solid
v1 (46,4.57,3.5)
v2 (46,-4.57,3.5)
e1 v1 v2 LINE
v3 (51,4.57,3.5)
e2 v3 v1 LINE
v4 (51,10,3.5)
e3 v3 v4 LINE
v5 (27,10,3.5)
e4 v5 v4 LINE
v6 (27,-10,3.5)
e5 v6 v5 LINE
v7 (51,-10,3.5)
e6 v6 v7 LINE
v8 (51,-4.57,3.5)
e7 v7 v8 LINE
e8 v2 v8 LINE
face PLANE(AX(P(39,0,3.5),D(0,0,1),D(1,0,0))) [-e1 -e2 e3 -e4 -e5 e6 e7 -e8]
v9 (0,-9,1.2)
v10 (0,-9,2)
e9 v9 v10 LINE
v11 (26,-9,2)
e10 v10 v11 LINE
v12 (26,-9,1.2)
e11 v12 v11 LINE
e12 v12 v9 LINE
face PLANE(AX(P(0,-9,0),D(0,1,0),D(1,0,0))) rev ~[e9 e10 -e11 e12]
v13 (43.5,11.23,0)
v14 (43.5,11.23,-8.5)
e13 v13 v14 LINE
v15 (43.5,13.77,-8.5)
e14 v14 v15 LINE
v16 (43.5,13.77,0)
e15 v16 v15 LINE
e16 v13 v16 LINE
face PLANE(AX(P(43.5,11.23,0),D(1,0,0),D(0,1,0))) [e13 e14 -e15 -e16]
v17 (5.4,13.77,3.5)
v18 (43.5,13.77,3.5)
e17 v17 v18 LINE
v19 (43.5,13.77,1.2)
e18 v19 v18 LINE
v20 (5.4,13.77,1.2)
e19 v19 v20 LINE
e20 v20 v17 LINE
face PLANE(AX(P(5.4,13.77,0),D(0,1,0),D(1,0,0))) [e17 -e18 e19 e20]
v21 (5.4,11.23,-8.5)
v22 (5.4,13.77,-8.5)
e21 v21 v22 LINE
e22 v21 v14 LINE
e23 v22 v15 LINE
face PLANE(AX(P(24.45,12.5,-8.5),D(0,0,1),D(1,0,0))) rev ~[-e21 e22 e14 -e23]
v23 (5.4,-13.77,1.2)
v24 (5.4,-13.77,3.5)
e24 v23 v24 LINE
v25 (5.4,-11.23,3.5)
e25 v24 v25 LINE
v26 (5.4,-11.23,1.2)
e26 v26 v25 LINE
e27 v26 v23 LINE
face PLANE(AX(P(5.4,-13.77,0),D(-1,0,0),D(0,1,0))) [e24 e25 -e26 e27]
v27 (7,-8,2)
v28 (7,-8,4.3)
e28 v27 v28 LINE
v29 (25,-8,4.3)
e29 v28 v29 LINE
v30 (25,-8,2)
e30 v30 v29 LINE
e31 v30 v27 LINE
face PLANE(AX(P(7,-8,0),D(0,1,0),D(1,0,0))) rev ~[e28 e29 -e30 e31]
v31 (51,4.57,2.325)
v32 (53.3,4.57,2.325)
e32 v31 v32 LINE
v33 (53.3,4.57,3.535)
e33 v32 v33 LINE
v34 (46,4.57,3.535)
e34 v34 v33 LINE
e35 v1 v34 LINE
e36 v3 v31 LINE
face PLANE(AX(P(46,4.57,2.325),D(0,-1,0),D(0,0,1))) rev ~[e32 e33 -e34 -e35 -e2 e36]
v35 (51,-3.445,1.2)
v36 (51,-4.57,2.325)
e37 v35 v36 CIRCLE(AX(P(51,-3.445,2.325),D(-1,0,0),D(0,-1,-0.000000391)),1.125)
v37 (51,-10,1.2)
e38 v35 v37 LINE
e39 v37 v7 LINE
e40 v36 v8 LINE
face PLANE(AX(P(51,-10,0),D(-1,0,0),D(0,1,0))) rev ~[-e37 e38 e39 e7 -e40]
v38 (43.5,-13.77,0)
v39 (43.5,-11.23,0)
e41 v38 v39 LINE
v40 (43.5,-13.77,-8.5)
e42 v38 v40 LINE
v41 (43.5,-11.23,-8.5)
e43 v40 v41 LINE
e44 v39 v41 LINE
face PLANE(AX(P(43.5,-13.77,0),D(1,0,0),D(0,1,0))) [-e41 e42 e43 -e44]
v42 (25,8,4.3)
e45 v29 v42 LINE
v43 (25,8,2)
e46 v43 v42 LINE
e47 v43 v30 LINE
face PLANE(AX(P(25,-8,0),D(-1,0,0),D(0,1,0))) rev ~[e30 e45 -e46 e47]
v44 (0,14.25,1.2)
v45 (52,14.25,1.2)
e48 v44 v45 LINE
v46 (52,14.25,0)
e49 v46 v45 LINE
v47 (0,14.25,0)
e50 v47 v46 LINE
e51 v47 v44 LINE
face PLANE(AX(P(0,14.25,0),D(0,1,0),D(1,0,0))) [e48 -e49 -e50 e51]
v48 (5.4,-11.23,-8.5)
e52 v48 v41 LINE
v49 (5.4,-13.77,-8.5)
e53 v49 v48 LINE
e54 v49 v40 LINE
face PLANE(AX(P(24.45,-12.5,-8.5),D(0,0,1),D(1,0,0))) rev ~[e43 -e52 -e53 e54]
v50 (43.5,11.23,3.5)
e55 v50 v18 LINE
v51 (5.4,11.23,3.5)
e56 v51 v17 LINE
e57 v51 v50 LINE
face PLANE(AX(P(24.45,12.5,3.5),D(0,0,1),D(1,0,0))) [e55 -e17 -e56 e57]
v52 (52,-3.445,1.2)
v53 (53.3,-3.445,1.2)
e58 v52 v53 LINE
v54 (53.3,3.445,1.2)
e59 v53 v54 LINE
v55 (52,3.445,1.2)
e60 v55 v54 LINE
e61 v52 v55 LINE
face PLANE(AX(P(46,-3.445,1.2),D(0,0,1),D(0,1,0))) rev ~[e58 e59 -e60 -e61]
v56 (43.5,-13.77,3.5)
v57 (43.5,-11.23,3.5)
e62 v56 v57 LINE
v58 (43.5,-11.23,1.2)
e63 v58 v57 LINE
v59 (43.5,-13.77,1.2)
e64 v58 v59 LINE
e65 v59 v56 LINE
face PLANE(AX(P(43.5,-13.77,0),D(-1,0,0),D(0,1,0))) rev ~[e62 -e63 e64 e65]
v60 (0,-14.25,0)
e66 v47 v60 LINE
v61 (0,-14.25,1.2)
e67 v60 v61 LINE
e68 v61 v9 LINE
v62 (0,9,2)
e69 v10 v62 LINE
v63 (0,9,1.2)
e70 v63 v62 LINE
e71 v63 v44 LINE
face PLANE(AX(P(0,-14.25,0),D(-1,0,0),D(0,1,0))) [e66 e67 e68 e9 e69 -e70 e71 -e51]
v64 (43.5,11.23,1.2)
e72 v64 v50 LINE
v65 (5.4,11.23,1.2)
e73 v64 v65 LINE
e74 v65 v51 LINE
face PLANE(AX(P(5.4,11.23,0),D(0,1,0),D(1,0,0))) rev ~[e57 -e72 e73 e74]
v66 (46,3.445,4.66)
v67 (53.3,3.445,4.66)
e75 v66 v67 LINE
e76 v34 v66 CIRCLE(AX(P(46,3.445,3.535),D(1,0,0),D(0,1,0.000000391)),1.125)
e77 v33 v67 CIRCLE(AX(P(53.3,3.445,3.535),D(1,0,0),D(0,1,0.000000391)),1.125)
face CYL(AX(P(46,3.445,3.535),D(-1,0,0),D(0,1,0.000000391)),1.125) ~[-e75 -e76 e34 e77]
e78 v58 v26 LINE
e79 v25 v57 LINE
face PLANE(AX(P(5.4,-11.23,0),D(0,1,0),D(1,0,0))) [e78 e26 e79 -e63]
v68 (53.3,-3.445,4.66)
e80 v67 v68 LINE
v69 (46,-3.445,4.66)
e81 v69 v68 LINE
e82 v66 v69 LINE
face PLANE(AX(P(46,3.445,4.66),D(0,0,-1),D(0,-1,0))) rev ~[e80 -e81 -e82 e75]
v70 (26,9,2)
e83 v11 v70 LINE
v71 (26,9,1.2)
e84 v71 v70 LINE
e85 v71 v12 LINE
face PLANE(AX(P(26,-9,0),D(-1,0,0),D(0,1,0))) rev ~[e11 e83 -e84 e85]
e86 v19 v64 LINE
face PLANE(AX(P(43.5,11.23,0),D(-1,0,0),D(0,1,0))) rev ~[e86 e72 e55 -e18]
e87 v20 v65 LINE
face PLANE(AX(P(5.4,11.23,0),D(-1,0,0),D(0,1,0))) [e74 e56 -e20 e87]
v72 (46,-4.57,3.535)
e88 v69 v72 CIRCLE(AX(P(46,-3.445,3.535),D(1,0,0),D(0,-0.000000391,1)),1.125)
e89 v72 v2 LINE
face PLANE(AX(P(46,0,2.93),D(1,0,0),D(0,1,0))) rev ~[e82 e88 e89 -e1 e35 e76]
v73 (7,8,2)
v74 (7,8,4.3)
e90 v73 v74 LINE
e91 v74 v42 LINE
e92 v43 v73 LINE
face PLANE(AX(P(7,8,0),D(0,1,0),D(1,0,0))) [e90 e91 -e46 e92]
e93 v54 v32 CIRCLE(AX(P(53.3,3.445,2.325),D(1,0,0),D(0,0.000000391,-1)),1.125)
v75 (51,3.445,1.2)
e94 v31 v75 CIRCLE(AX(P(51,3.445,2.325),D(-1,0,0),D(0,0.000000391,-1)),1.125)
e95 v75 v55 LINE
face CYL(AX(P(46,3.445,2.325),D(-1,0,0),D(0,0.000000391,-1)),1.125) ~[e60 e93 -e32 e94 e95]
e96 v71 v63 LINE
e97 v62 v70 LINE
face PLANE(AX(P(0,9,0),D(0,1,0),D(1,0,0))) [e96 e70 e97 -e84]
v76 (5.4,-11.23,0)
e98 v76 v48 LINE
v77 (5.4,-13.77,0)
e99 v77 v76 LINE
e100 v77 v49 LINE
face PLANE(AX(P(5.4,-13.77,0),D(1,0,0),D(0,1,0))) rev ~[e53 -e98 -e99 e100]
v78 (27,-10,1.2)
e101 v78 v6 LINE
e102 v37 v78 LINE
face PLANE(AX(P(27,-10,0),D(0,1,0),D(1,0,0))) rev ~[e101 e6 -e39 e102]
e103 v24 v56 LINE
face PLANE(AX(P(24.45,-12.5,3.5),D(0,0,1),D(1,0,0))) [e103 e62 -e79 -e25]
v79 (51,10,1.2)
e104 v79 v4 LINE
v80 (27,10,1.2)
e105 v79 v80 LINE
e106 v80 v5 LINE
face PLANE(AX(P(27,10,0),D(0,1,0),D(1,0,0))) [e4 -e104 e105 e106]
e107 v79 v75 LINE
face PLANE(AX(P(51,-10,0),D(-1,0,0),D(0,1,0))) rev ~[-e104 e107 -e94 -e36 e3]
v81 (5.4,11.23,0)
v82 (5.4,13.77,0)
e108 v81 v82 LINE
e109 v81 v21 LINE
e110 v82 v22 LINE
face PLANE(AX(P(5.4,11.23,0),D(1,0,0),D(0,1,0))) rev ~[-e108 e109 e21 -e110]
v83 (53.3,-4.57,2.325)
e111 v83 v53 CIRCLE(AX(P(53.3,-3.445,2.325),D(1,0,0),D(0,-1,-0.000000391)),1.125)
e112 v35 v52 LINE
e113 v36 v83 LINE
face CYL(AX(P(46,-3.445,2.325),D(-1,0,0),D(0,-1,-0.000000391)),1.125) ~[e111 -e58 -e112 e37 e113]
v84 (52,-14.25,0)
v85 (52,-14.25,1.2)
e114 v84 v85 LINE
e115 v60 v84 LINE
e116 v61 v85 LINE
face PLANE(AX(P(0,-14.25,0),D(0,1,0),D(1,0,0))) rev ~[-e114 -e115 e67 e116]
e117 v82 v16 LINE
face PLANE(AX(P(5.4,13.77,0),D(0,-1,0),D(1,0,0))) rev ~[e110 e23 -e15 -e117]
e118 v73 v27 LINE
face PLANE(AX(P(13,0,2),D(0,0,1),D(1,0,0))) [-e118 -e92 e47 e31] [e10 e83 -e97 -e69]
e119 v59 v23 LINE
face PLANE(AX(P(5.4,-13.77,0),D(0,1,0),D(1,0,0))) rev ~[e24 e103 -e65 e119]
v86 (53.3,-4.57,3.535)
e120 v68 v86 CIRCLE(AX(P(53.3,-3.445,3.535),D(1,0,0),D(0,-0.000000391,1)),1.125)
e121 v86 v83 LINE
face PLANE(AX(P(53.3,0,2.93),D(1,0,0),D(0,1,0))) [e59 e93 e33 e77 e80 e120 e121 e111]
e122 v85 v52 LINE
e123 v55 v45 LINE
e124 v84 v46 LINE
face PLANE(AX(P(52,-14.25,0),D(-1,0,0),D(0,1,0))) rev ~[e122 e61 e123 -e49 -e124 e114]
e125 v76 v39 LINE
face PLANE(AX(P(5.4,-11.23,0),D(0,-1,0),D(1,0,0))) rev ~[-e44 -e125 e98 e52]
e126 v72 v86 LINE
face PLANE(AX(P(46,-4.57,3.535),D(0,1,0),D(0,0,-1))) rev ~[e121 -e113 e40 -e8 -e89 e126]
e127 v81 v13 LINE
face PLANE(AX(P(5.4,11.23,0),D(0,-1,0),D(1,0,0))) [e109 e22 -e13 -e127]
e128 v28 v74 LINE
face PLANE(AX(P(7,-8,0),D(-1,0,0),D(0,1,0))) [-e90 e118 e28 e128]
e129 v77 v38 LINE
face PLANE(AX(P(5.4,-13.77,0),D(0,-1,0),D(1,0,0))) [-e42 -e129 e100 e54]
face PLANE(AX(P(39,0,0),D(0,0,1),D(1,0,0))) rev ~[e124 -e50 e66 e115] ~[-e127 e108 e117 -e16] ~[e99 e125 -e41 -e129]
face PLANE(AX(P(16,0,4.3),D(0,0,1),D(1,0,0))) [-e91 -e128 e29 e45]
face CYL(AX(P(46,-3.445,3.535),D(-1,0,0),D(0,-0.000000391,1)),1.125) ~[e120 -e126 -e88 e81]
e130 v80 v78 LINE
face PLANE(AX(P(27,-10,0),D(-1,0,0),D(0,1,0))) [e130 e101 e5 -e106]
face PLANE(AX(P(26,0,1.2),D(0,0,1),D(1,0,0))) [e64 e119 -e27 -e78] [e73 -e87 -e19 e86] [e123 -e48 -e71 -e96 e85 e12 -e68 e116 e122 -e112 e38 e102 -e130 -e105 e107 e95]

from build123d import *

# Parameters (mm, degrees)
SKETCH016_W       = 52
SKETCH016_H       = 28.5
PAD001_DEPTH      = 1.2
SKETCH017_W       = 26
SKETCH017_H       = 18
PAD003_DEPTH      = 2
SKETCH018_W       = 18
SKETCH018_H       = 16
PAD029_DEPTH      = 4.3
PAD030_DEPTH      = 7.3
SKETCH019_W       = 24
SKETCH019_H       = 20
PAD006_DEPTH      = 3.5
SKETCH020_W       = 38.1
SKETCH020_H       = 2.54
PAD031_DEPTH      = 8.5
PAD031_DEPTH_BACK = 3.5
SKETCH021_W       = 0.64
SKETCH021_H       = 0.64
PAD032_DEPTH      = 8.5


with BuildPart() as part:
    # Sketch016 → Pad001 (new body)
    with BuildSketch(Plane.XY):
        with Locations((26, 0)):
            Rectangle(SKETCH016_W, SKETCH016_H)
    extrude(amount=PAD001_DEPTH)

    # Sketch017 → Pad003 (join)
    with BuildSketch(Plane.XY):
        with Locations((13, 0)):
            Rectangle(SKETCH017_W, SKETCH017_H)
    extrude(amount=PAD003_DEPTH)

    # Sketch018 → Pad029 (join)
    with BuildSketch(Plane.XY):
        with Locations((16, 0)):
            Rectangle(SKETCH018_W, SKETCH018_H)
    extrude(amount=PAD029_DEPTH)

    # Sketch004 → Pad030 (join)
    with BuildSketch(Plane.YZ.offset(46)):
        with BuildLine():
            Line((-3.445, 1.2), (3.445, 1.2))
            ThreePointArc((3.445, 1.2), (4.240495, 1.529505), (4.57, 2.325))
            Line((4.57, 2.325), (4.57, 3.535))
            ThreePointArc((4.57, 3.535), (4.240495, 4.330495), (3.445, 4.66))
            Line((3.445, 4.66), (-3.445, 4.66))
            ThreePointArc((-3.445, 4.66), (-4.240495, 4.330495), (-4.57, 3.535))
            Line((-4.57, 3.535), (-4.57, 2.325))
            ThreePointArc((-4.57, 2.325), (-4.240495, 1.529505), (-3.445, 1.2))
        make_face()
    extrude(amount=PAD030_DEPTH)

    # Sketch019 → Pad006 (join)
    with BuildSketch(Plane.XY):
        with Locations((39, 0)):
            Rectangle(SKETCH019_W, SKETCH019_H)
    extrude(amount=PAD006_DEPTH)

    # Sketch020 → Pad031 (join, two sides)
    with BuildSketch(Plane.XY) as pad031_sk:
        with Locations((24.45, 12.5)):
            Rectangle(SKETCH020_W, SKETCH020_H)
        with Locations((24.45, -12.5)):
            Rectangle(SKETCH020_W, SKETCH020_H)
    extrude(amount=-PAD031_DEPTH)
    extrude(pad031_sk.sketch, amount=PAD031_DEPTH_BACK)

    # Sketch021 → Pad032 (join)
    with BuildSketch(Plane.XY):
        with Locations((6.82, 12.5)):
            Rectangle(SKETCH021_W, SKETCH021_H)
        with Locations((6.82, -12.5)):
            Rectangle(SKETCH021_W, SKETCH021_H)
        with Locations((9.36, 12.5)):
            Rectangle(SKETCH021_W, SKETCH021_H)
        with Locations((9.36, -12.5)):
            Rectangle(SKETCH021_W, SKETCH021_H)
        with Locations((11.9, 12.5)):
            Rectangle(SKETCH021_W, SKETCH021_H)
        with Locations((11.9, -12.5)):
            Rectangle(SKETCH021_W, SKETCH021_H)
        with Locations((14.44, 12.5)):
            Rectangle(SKETCH021_W, SKETCH021_H)
        with Locations((14.44, -12.5)):
            Rectangle(SKETCH021_W, SKETCH021_H)
        with Locations((16.98, 12.5)):
            Rectangle(SKETCH021_W, SKETCH021_H)
        with Locations((16.98, -12.5)):
            Rectangle(SKETCH021_W, SKETCH021_H)
        with Locations((19.52, 12.5)):
            Rectangle(SKETCH021_W, SKETCH021_H)
        with Locations((19.52, -12.5)):
            Rectangle(SKETCH021_W, SKETCH021_H)
        with Locations((22.06, 12.5)):
            Rectangle(SKETCH021_W, SKETCH021_H)
        with Locations((22.06, -12.5)):
            Rectangle(SKETCH021_W, SKETCH021_H)
        with Locations((24.6, 12.5)):
            Rectangle(SKETCH021_W, SKETCH021_H)
        with Locations((24.6, -12.5)):
            Rectangle(SKETCH021_W, SKETCH021_H)
        with Locations((27.14, 12.5)):
            Rectangle(SKETCH021_W, SKETCH021_H)
        with Locations((27.14, -12.5)):
            Rectangle(SKETCH021_W, SKETCH021_H)
        with Locations((29.68, 12.5)):
            Rectangle(SKETCH021_W, SKETCH021_H)
        with Locations((29.68, -12.5)):
            Rectangle(SKETCH021_W, SKETCH021_H)
        with Locations((32.22, 12.5)):
            Rectangle(SKETCH021_W, SKETCH021_H)
        with Locations((32.22, -12.5)):
            Rectangle(SKETCH021_W, SKETCH021_H)
        with Locations((34.76, 12.5)):
            Rectangle(SKETCH021_W, SKETCH021_H)
        with Locations((34.76, -12.5)):
            Rectangle(SKETCH021_W, SKETCH021_H)
        with Locations((37.3, 12.5)):
            Rectangle(SKETCH021_W, SKETCH021_H)
        with Locations((37.3, -12.5)):
            Rectangle(SKETCH021_W, SKETCH021_H)
        with Locations((39.84, 12.5)):
            Rectangle(SKETCH021_W, SKETCH021_H)
        with Locations((39.84, -12.5)):
            Rectangle(SKETCH021_W, SKETCH021_H)
        with Locations((42.38, 12.5)):
            Rectangle(SKETCH021_W, SKETCH021_H)
        with Locations((42.38, -12.5)):
            Rectangle(SKETCH021_W, SKETCH021_H)
    extrude(amount=-PAD032_DEPTH)


solid = part.part
